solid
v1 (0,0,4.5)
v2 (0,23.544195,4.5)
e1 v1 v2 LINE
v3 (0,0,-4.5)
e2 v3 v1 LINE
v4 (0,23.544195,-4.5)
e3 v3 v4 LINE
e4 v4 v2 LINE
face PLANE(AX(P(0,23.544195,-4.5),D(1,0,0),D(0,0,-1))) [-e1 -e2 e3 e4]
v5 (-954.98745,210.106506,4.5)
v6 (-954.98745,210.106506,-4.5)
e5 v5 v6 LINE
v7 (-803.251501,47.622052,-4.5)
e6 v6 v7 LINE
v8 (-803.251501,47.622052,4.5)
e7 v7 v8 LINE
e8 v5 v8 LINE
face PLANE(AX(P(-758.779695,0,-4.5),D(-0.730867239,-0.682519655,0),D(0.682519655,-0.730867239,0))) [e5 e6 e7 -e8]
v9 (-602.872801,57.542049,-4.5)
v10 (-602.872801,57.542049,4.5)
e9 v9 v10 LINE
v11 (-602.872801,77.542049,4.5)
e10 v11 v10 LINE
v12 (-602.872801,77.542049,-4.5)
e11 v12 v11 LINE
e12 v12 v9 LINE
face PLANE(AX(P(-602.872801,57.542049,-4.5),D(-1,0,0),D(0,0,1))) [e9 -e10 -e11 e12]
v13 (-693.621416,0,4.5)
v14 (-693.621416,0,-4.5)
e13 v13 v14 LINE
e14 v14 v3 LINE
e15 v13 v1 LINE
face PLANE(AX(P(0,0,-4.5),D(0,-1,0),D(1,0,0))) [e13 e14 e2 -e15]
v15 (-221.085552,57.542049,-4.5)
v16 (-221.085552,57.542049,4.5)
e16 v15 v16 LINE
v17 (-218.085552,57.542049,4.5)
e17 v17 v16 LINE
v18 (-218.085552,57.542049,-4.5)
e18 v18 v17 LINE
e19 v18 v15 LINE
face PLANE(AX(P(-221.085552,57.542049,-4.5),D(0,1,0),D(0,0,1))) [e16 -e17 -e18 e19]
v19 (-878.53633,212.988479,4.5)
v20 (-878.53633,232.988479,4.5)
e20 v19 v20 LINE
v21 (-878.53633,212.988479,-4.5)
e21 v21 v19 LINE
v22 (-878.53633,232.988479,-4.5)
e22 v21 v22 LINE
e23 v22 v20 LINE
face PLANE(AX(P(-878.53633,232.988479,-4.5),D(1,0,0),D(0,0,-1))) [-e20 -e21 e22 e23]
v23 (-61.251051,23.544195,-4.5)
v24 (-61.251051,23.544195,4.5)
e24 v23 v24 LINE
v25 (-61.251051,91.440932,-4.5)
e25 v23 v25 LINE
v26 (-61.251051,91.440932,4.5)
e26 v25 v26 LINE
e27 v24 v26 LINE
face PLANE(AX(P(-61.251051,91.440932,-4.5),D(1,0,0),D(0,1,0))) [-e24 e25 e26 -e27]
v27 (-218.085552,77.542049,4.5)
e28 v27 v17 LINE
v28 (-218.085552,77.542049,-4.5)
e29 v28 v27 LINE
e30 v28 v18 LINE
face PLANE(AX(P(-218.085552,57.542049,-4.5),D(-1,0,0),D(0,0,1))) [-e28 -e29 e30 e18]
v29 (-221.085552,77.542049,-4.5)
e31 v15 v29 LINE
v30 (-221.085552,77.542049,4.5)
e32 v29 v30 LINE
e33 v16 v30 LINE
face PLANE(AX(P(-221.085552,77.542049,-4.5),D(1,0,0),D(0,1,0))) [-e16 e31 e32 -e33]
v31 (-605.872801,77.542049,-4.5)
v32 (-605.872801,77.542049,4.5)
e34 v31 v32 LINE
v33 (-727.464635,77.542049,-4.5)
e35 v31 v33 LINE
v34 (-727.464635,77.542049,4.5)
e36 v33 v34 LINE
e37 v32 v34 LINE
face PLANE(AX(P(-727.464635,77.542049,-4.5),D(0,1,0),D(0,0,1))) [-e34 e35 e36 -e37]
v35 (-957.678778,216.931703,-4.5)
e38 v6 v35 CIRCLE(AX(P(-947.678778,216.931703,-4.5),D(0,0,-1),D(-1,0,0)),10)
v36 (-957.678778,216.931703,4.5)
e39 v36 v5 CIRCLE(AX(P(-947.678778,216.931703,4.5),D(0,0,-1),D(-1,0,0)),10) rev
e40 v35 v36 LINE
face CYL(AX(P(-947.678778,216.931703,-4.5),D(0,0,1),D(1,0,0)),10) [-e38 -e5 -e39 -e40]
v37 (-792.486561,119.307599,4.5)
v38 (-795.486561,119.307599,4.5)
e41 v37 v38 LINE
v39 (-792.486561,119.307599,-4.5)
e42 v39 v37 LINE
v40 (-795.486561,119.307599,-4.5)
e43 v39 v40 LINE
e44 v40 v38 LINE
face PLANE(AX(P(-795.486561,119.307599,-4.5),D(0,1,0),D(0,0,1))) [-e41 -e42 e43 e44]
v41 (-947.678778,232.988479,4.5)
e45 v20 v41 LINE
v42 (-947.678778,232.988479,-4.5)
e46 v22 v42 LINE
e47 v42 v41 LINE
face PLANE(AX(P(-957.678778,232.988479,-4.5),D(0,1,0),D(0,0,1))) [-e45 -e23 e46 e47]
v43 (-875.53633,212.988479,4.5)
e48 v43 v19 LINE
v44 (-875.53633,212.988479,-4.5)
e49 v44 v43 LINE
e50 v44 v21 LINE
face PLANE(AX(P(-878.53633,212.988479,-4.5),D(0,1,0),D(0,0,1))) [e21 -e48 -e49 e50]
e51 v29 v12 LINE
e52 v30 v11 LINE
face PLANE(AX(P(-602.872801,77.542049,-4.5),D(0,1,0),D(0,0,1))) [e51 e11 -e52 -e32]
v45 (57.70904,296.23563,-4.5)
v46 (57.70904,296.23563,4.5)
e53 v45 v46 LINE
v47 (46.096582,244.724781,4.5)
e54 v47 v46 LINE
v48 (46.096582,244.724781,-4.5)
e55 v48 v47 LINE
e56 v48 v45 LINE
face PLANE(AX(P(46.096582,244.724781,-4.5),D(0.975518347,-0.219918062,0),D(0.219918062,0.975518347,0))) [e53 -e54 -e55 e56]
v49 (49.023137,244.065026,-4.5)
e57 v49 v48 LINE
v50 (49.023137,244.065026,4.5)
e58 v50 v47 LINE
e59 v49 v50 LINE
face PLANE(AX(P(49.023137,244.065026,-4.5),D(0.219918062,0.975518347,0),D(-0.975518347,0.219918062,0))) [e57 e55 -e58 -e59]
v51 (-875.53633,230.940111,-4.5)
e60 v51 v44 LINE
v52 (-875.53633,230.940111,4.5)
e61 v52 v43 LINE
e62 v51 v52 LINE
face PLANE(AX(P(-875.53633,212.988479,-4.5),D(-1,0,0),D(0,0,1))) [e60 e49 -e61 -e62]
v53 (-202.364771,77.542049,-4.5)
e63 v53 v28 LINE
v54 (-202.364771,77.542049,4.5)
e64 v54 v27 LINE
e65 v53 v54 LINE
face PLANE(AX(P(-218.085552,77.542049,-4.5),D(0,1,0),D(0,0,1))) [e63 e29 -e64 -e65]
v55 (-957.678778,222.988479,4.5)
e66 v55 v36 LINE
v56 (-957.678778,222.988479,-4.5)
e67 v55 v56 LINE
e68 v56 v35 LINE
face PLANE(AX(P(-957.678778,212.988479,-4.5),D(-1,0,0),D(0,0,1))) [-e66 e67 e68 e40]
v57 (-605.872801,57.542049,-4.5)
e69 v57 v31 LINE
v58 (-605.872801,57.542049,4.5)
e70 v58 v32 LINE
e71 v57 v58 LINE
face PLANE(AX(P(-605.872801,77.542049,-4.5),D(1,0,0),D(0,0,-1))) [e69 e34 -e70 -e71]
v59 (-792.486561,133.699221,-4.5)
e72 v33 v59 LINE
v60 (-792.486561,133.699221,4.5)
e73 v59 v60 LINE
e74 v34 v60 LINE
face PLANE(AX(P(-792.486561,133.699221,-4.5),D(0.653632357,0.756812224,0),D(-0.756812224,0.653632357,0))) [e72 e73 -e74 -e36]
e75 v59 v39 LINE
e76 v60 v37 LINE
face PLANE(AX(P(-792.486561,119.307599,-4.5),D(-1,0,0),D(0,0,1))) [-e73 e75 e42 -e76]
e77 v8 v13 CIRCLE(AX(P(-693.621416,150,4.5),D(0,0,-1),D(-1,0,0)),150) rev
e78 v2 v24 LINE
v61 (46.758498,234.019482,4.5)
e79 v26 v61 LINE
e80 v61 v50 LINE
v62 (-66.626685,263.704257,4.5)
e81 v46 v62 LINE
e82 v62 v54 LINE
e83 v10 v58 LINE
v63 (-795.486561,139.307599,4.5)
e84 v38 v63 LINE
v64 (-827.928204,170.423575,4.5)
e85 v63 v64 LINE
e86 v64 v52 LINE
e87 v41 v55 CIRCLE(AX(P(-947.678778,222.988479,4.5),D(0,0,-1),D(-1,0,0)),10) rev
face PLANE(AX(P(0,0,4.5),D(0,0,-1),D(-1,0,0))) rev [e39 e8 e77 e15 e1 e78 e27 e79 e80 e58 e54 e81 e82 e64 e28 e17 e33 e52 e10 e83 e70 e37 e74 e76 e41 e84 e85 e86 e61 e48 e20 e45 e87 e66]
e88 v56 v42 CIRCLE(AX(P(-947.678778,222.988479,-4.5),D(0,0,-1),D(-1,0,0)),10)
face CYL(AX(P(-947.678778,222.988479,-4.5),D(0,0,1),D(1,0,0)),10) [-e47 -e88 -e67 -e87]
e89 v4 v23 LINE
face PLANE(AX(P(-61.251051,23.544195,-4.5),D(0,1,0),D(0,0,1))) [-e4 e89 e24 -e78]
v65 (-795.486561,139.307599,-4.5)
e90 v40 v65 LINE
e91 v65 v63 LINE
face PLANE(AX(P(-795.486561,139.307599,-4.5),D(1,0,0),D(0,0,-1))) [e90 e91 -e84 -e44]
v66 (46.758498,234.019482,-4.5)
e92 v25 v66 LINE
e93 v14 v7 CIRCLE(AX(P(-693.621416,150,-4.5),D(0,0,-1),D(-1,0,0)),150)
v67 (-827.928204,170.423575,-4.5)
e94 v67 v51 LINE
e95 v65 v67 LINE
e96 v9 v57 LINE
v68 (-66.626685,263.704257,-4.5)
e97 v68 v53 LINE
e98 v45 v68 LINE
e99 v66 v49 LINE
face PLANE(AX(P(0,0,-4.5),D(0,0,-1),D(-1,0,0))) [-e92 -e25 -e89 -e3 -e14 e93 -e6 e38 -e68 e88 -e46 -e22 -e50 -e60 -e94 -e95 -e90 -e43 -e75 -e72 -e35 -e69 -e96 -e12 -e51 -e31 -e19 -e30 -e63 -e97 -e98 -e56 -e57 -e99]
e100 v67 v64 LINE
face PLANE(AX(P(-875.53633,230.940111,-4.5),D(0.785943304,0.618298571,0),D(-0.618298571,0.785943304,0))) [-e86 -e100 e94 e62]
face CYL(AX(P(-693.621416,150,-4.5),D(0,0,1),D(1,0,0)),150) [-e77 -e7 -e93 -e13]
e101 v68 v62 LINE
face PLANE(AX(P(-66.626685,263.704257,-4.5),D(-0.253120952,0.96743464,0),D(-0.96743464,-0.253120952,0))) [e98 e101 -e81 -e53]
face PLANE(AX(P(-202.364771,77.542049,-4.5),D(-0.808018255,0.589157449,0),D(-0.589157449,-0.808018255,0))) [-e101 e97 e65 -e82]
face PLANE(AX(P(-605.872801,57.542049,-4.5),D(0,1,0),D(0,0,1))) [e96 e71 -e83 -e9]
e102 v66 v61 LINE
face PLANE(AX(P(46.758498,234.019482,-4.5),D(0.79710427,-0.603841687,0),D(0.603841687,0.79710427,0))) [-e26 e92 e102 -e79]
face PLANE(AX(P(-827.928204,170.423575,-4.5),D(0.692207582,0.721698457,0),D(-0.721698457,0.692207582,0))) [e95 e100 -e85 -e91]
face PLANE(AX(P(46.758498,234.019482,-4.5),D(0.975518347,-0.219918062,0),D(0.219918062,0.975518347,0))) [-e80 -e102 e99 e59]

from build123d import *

# Parameters (mm, degrees)
BOSS_EXTRU_5_DEPTH      = 4.5
BOSS_EXTRU_5_DEPTH_BACK = 4.5
CONG_1_R                = 150
CONG_2_R                = 10


with BuildPart() as part:
    # Esquisse1 → Boss.-Extru.5 (new, two sides: drawn at the far end of the back side and taken through both)
    with BuildSketch(Plane.XY.offset(-BOSS_EXTRU_5_DEPTH_BACK)):
        Polygon((0, 0), (-758.779695033, 0), (-957.678777511, 212.988479036), (-957.678777511, 232.988479036), (-878.536330397, 232.988479036), (-878.536330397, 212.988479036), (-875.536330397, 212.988479036), (-875.536330397, 230.940110876), (-827.928204377, 170.423574705), (-795.486560581, 139.307598786), (-795.486560581, 119.307598786), (-792.486560581, 119.307598786), (-792.486560581, 133.699221334), (-727.464635299, 77.5420493), (-605.872801012, 77.5420493), (-605.872801012, 57.5420493), (-602.872801012, 57.5420493), (-602.872801012, 77.5420493), (-221.085552101, 77.5420493), (-221.085552101, 57.5420493), (-218.085552101, 57.5420493), (-218.085552101, 77.5420493), (-202.36477071, 77.5420493), (-66.626684698, 263.704257097), (57.709039867, 296.235629936), (46.096581547, 244.724780595), (49.02313659, 244.06502641), (46.758497819, 234.019481935), (-61.251050758, 91.440931648), (-61.251050758, 23.544195216), (0, 23.544195216), align=None)
    extrude(amount=BOSS_EXTRU_5_DEPTH + BOSS_EXTRU_5_DEPTH_BACK)

    # Cong_1
    cong_1_edges = [part.edges().sort_by_distance(p)[0] for p in [
        (-758.779695033, 0, 0),
    ]]
    fillet(cong_1_edges, radius=CONG_1_R)

    # Cong_2
    cong_2_edges = [part.edges().sort_by_distance(p)[0] for p in [
        (-957.678777511, 212.988479036, 0),
        (-957.678777511, 232.988479036, 0),
    ]]
    fillet(cong_2_edges, radius=CONG_2_R)


solid = part.part
